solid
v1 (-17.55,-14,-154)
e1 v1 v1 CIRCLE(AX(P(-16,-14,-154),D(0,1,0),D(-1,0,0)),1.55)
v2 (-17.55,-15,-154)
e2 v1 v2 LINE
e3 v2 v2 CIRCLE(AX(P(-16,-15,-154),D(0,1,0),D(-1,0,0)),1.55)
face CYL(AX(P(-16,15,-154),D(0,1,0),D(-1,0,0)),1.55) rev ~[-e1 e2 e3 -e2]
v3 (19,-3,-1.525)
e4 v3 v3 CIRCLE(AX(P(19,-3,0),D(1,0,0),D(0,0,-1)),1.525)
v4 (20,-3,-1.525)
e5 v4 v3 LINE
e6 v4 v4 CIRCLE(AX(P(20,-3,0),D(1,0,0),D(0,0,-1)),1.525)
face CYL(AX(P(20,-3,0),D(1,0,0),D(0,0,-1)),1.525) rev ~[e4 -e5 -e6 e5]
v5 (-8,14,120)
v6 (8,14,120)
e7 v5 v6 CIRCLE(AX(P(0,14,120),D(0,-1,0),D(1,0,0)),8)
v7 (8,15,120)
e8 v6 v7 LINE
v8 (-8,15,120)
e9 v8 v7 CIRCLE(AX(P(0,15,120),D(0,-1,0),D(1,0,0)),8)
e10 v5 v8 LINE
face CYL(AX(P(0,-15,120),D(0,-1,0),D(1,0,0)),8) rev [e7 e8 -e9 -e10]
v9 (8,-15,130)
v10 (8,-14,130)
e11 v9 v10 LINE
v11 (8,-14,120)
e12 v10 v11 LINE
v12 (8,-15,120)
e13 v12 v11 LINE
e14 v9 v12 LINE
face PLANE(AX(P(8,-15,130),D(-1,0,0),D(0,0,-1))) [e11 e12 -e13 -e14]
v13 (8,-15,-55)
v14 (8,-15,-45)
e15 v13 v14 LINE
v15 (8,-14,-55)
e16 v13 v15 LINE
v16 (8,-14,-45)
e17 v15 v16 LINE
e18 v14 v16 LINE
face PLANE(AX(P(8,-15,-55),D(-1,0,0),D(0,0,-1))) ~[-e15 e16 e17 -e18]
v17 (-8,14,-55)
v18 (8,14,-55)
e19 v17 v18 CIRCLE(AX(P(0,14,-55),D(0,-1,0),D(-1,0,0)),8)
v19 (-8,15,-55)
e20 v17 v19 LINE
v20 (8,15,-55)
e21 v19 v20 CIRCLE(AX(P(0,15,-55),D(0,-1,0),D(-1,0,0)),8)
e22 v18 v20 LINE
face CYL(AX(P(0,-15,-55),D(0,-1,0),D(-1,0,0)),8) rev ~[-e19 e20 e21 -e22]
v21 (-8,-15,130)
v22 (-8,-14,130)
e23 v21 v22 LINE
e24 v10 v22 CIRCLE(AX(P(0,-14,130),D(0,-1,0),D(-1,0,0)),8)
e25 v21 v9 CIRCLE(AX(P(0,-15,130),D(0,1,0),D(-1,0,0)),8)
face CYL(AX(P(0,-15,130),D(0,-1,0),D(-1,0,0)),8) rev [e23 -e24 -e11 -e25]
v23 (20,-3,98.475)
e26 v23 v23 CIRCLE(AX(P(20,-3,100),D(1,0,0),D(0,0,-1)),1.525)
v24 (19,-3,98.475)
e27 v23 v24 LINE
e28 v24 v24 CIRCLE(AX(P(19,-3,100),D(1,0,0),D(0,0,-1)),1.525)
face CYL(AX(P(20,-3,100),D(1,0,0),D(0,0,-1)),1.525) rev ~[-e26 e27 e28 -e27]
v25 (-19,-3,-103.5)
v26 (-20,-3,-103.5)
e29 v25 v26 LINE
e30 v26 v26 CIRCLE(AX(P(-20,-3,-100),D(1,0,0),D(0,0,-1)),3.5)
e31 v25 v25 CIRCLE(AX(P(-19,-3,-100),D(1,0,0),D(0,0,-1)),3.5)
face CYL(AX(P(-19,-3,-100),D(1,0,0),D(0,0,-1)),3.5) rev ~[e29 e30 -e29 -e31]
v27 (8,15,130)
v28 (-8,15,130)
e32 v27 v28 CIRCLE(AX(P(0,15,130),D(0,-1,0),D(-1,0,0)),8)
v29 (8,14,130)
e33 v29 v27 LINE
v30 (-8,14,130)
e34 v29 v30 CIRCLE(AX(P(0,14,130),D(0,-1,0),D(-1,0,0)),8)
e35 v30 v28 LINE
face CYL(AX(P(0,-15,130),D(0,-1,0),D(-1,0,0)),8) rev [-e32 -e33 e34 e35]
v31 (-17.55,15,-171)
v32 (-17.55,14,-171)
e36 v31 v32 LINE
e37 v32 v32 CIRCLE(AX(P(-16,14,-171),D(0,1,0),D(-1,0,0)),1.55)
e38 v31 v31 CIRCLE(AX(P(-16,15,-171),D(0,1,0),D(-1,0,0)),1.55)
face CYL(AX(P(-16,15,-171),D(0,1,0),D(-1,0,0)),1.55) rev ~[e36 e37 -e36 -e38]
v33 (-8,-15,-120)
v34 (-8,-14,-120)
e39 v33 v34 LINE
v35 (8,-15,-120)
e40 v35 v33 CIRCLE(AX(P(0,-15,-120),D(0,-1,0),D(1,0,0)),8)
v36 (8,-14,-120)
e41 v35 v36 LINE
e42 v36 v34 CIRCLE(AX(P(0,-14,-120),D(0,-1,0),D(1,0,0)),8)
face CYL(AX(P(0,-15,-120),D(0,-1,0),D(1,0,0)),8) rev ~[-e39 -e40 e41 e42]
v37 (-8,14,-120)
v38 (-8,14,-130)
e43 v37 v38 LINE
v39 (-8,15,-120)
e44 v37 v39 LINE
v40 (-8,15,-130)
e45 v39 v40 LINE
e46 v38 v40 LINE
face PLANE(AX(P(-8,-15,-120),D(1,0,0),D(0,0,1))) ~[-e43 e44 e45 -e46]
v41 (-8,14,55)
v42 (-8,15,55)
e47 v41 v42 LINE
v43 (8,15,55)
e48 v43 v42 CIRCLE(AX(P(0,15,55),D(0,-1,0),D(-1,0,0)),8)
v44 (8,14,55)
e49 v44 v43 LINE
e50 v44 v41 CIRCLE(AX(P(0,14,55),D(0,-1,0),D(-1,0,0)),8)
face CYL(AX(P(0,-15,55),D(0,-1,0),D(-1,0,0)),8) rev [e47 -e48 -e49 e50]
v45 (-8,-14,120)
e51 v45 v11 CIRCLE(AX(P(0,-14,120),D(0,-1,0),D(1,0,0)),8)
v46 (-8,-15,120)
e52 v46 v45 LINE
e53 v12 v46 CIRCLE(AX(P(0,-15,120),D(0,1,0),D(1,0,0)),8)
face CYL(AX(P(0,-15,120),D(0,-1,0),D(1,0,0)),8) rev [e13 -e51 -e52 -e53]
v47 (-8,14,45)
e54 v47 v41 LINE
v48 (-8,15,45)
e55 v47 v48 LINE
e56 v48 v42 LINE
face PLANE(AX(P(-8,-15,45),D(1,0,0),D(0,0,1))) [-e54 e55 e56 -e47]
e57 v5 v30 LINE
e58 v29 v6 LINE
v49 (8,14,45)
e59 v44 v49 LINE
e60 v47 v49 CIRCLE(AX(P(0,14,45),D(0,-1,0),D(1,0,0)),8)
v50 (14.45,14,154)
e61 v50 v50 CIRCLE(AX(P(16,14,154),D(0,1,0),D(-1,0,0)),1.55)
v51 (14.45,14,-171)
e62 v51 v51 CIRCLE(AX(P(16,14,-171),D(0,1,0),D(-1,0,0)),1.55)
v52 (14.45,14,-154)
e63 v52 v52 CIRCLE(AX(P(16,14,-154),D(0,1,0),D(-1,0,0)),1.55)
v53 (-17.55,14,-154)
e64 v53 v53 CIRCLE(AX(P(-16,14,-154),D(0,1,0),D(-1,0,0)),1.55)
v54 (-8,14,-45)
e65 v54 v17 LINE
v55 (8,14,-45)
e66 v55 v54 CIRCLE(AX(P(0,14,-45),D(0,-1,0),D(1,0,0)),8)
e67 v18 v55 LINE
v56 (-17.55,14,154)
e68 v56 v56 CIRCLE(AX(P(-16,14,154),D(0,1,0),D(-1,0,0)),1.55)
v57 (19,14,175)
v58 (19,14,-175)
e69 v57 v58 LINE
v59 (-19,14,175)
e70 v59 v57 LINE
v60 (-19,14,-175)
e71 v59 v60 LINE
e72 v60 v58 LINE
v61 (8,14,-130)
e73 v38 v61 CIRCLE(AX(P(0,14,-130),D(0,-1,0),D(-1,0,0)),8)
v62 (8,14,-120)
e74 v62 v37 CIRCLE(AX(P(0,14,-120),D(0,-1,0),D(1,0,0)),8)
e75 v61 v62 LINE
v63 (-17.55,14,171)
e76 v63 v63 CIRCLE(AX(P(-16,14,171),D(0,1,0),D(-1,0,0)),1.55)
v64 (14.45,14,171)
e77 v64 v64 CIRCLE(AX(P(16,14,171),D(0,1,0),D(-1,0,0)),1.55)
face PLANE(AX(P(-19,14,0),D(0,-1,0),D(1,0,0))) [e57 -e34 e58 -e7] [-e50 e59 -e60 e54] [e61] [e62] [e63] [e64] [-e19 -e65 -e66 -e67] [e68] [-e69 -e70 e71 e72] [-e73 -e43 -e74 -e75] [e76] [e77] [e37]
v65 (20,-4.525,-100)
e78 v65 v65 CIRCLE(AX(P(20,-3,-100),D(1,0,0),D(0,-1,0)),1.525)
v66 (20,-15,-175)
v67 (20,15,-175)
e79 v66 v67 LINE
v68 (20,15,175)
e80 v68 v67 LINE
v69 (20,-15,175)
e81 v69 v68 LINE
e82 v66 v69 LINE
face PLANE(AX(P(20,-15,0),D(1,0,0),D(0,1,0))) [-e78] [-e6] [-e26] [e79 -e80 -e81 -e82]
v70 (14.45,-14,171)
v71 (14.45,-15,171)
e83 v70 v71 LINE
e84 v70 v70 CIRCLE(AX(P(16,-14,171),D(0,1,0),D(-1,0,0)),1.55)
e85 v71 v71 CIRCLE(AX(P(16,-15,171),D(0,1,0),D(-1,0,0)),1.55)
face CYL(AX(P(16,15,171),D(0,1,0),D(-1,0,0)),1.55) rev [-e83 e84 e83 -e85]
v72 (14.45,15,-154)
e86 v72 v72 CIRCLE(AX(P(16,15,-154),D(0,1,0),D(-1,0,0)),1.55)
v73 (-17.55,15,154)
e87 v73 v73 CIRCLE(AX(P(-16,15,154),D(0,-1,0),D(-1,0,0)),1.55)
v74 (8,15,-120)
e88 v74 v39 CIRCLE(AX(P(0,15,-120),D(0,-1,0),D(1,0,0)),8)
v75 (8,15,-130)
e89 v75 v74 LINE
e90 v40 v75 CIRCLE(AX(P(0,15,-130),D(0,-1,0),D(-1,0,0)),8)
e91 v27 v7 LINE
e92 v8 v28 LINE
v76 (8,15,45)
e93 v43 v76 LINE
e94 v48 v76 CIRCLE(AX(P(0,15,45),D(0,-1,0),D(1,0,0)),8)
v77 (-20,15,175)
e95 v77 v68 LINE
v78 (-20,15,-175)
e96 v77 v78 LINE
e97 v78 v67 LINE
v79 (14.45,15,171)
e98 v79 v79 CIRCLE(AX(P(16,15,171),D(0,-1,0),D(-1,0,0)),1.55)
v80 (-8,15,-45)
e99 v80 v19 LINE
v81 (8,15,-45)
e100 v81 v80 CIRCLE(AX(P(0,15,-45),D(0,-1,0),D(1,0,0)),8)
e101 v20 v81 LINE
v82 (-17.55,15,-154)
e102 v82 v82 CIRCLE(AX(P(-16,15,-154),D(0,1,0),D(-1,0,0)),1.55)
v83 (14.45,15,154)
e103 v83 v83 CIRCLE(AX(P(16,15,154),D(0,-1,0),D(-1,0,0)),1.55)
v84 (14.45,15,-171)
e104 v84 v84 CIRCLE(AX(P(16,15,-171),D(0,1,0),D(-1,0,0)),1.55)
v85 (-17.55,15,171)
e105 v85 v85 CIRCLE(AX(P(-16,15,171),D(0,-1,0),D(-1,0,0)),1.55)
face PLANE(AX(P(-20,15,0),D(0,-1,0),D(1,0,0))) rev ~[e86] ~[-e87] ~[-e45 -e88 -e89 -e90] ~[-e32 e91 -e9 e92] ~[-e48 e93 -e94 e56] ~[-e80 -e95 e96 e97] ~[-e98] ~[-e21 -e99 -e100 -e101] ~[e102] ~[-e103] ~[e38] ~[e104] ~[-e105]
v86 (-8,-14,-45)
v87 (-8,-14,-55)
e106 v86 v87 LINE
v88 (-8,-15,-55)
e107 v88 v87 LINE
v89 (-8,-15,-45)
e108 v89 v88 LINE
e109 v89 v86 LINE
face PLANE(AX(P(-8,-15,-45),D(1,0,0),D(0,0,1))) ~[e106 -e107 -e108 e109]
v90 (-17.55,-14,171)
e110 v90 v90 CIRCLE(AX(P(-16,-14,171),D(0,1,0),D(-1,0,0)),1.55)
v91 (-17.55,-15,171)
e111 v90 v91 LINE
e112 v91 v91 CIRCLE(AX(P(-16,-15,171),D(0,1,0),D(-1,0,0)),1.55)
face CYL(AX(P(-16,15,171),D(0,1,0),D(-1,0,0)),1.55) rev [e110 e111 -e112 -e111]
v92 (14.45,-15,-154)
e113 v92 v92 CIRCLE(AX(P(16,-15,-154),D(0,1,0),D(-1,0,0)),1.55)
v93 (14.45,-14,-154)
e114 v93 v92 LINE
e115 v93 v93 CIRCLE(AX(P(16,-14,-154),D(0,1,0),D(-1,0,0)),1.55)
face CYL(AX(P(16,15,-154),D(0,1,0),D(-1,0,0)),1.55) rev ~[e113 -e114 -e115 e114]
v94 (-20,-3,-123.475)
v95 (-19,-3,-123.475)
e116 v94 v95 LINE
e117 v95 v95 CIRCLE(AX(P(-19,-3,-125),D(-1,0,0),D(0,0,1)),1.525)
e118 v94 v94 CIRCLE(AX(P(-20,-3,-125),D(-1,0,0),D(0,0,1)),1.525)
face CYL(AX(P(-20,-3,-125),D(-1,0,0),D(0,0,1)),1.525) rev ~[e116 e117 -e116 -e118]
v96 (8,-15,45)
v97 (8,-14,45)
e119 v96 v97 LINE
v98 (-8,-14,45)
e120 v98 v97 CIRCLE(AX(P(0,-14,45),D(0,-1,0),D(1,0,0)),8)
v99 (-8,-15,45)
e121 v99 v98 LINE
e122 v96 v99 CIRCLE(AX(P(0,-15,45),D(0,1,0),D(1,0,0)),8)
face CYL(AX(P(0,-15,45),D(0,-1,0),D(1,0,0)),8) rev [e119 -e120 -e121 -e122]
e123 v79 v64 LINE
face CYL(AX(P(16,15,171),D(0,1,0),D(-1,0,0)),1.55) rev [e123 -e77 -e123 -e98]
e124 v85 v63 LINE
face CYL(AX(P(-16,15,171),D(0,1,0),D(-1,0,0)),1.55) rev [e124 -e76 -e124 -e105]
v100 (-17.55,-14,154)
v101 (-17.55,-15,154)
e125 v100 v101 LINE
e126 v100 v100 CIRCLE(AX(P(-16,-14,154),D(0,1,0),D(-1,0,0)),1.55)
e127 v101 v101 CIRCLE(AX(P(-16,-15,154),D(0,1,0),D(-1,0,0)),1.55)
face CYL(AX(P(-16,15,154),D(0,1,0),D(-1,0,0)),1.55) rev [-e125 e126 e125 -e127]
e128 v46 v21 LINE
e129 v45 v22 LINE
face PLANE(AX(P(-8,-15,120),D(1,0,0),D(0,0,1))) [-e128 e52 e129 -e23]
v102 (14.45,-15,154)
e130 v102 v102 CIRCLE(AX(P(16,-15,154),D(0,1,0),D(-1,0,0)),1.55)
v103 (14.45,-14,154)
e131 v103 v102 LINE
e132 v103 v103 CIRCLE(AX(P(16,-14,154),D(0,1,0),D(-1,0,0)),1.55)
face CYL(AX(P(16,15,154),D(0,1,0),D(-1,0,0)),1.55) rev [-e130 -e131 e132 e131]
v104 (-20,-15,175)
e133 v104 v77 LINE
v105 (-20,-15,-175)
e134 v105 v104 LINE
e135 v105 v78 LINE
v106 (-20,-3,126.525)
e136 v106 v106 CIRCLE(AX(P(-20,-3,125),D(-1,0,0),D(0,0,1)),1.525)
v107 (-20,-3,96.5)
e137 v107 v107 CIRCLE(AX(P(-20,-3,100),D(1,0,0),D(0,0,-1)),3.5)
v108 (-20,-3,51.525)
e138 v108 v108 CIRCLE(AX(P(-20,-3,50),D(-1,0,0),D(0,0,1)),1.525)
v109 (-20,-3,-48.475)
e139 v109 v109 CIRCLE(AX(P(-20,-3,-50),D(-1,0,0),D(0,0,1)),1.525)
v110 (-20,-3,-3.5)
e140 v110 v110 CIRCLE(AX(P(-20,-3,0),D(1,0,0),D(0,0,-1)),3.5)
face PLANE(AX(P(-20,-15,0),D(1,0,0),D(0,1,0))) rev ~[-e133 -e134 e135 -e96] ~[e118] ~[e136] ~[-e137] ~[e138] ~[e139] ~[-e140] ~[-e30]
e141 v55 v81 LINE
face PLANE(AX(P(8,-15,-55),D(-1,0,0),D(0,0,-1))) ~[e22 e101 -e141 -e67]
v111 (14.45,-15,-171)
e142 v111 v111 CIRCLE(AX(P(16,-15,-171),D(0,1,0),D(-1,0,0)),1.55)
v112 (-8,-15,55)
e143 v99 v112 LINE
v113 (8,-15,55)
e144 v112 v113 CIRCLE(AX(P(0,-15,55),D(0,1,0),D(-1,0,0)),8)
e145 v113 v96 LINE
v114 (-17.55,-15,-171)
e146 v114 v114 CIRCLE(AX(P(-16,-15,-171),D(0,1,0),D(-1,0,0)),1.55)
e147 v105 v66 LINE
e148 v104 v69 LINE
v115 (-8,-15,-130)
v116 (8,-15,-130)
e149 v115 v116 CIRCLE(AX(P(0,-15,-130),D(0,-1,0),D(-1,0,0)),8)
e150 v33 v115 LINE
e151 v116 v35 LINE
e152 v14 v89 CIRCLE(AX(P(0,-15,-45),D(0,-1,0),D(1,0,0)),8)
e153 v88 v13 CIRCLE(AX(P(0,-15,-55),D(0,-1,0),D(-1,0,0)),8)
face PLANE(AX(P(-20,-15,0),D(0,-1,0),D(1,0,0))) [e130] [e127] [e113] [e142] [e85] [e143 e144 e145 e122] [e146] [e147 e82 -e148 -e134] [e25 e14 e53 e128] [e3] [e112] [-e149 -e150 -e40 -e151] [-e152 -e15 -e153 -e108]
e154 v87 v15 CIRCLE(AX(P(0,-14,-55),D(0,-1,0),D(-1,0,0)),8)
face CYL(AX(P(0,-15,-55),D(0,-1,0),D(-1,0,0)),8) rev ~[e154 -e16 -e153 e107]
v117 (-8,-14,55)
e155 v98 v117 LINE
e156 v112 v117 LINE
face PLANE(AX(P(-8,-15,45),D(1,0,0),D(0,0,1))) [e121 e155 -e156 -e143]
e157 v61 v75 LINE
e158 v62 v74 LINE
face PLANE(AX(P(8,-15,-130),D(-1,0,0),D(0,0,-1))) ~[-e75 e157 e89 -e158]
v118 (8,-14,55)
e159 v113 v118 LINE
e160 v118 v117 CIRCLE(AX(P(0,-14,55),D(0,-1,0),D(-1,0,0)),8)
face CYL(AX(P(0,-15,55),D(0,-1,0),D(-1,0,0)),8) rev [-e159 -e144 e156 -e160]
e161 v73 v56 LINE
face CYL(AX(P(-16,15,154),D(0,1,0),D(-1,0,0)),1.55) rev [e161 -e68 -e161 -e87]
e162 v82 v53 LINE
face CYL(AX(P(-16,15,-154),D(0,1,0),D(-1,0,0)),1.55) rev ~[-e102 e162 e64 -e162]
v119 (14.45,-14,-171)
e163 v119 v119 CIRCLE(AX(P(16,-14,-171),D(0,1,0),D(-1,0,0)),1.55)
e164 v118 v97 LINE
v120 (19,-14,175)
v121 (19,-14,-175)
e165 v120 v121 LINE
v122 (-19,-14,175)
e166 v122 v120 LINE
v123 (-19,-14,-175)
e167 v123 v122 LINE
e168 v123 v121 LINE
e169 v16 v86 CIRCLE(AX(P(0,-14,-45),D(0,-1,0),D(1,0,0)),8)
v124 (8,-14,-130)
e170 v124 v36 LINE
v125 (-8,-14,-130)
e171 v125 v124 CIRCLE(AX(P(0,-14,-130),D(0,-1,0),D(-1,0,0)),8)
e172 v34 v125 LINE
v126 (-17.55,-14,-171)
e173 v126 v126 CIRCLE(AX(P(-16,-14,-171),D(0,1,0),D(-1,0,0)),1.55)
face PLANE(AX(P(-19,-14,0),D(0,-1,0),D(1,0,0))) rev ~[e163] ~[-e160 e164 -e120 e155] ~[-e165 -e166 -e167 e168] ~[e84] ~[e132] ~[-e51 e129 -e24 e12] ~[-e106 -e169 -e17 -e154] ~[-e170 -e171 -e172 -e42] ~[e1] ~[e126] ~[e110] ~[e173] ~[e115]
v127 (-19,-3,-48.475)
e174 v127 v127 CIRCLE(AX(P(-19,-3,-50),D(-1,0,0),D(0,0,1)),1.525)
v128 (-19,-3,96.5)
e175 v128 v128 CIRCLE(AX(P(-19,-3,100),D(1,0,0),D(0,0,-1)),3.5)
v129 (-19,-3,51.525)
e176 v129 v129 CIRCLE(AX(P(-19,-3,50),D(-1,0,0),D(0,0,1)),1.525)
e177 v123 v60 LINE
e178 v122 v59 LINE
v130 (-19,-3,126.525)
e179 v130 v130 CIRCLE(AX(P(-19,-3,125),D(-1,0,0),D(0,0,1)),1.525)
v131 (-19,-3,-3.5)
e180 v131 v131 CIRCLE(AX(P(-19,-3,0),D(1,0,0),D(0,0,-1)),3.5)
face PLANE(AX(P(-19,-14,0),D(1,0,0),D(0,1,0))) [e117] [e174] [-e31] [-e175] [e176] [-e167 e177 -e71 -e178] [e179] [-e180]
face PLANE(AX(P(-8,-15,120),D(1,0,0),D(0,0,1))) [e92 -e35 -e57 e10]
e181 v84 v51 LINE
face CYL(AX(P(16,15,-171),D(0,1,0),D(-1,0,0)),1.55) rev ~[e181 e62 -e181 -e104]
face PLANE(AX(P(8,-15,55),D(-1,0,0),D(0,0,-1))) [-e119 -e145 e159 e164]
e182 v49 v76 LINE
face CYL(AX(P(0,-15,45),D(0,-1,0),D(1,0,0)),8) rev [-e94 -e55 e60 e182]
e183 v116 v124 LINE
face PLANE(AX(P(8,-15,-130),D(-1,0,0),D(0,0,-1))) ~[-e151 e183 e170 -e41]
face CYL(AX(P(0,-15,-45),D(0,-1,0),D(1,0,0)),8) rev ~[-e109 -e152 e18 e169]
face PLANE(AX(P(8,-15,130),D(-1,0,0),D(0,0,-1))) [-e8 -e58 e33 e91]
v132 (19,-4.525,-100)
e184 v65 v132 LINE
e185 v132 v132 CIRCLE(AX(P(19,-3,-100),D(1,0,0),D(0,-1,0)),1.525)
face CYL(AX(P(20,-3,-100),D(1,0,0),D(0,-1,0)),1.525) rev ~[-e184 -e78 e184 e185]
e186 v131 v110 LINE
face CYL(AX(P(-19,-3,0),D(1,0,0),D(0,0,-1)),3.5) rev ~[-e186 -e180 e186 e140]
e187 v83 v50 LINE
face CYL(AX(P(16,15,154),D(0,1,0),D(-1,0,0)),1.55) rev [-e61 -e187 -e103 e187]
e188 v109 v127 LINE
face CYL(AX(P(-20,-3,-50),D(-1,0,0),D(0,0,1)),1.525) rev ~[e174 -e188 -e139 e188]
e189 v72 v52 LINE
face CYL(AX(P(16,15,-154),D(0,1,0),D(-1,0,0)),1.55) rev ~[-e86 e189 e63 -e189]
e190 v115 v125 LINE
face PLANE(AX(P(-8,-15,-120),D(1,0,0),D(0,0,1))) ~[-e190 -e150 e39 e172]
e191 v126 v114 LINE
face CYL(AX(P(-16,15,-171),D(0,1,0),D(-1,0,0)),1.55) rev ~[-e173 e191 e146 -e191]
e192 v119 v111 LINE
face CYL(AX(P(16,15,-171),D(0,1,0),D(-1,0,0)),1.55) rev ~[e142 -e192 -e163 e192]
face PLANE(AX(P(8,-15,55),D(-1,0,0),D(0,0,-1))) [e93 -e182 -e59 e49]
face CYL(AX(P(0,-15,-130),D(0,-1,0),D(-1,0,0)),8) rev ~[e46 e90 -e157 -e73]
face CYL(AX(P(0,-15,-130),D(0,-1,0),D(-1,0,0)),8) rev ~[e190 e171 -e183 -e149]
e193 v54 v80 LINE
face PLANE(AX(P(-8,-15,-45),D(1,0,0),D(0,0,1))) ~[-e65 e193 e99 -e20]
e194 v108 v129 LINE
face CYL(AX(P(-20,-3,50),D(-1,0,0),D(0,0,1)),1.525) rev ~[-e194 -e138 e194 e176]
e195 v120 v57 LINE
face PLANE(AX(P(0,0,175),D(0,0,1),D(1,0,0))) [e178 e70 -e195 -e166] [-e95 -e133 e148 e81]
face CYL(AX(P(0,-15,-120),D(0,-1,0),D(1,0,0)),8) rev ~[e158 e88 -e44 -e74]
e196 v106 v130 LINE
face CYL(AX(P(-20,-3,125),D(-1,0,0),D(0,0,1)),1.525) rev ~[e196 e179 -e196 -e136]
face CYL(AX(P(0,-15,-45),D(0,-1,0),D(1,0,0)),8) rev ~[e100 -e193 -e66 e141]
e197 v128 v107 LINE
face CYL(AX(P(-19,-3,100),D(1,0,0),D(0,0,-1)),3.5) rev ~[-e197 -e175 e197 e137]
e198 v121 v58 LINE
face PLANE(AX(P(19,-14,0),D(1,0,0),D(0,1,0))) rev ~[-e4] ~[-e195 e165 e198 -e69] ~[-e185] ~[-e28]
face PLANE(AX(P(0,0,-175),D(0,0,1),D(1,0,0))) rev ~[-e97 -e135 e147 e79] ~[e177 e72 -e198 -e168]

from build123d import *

# Parameters (mm, degrees)
SKETCH_1_W          = 40
SKETCH_1_H          = 30
SKETCH_1_W_2        = 38
SKETCH_1_H_2        = 28
EXTRUDE_1_DEPTH     = 175
SKETCH_2_R          = 1.525
CUT_EXTRUDE_1_DEPTH = 10
SKETCH_3_R          = 3.5
CUT_EXTRUDE_2_DEPTH = 10
SKETCH_5_R          = 1.525
CUT_EXTRUDE_3_DEPTH = 10
CUT_EXTRUDE_4_DEPTH = 80
SKETCH_7_R          = 1.55
CUT_EXTRUDE_5_DEPTH = 80


with BuildPart() as part:
    # 草图1 → 凸台-拉伸1 (new, symmetric)
    with BuildSketch(Plane.XY):
        Rectangle(SKETCH_1_W, SKETCH_1_H)
        Rectangle(SKETCH_1_W_2, SKETCH_1_H_2, mode=Mode.SUBTRACT)
    extrude(amount=EXTRUDE_1_DEPTH, both=True)

    # 草图2 → 切除-拉伸1 (cut)
    with BuildSketch(Plane(origin=(20, 0, 0), x_dir=(0, 0, -1), z_dir=(1, 0, 0))):
        with Locations((0, -3)):
            Circle(SKETCH_2_R)
        with Locations((-100, -3)):
            Circle(SKETCH_2_R)
        with Locations(Location((100, -3, 0), (0, 0, 270))):
            Circle(SKETCH_2_R)
    extrude(amount=-CUT_EXTRUDE_1_DEPTH, mode=Mode.SUBTRACT)

    # 草图3 → 切除-拉伸2 (cut)
    with BuildSketch(Plane(origin=(-19, 0, 0), x_dir=(0, 0, -1), z_dir=(1, 0, 0))):
        with Locations((-100, -3)):
            Circle(SKETCH_3_R)
        with Locations((0, -3)):
            Circle(SKETCH_3_R)
        with Locations((100, -3)):
            Circle(SKETCH_3_R)
    extrude(amount=-CUT_EXTRUDE_2_DEPTH, mode=Mode.SUBTRACT)

    # 草图5 → 切除-拉伸3 (cut)
    with BuildSketch(Plane.ZY.offset(20)):
        with Locations((125, -3)):
            Circle(SKETCH_5_R)
        with Locations((-125, -3)):
            Circle(SKETCH_5_R)
        with Locations((-50, -3)):
            Circle(SKETCH_5_R)
        with Locations((50, -3)):
            Circle(SKETCH_5_R)
    extrude(amount=-CUT_EXTRUDE_3_DEPTH, mode=Mode.SUBTRACT)

    # 草图6 → 切除-拉伸4 (cut)
    with BuildSketch(Plane.XZ.offset(15)):
        with BuildLine():
            Line((-8, 120), (-8, 130))
            ThreePointArc((-8, 130), (0, 138), (8, 130))
            Line((8, 130), (8, 120))
            ThreePointArc((8, 120), (0, 112), (-8, 120))
        make_face()
        with BuildLine():
            Line((-8, 45), (-8, 55))
            ThreePointArc((-8, 55), (0, 63), (8, 55))
            Line((8, 55), (8, 45))
            ThreePointArc((8, 45), (0, 37), (-8, 45))
        make_face()
    cut_extrude_4 = extrude(amount=-CUT_EXTRUDE_4_DEPTH, mode=Mode.SUBTRACT)

    # 镜向1: 切除-拉伸4 across plane
    add(cut_extrude_4.mirror(Plane.XY), mode=Mode.SUBTRACT)

    # 草图7 → 切除-拉伸5 (cut)
    with BuildSketch(Plane(origin=(0, 15, 0), x_dir=(1, 0, 0), z_dir=(0, 1, 0))):
        with Locations(Location((16, 171, 0), (0, 0, 180))):
            Circle(SKETCH_7_R)
        with Locations(Location((16, 154, 0), (0, 0, 180))):
            Circle(SKETCH_7_R)
        with Locations(Location((-16, 154, 0), (0, 0, 180))):
            Circle(SKETCH_7_R)
        with Locations(Location((-16, 171, 0), (0, 0, 180))):
            Circle(SKETCH_7_R)
    cut_extrude_5 = extrude(amount=-CUT_EXTRUDE_5_DEPTH, mode=Mode.SUBTRACT)

    # 镜向2: 切除-拉伸5 across plane
    add(cut_extrude_5.mirror(Plane.XY), mode=Mode.SUBTRACT)


solid = part.part
